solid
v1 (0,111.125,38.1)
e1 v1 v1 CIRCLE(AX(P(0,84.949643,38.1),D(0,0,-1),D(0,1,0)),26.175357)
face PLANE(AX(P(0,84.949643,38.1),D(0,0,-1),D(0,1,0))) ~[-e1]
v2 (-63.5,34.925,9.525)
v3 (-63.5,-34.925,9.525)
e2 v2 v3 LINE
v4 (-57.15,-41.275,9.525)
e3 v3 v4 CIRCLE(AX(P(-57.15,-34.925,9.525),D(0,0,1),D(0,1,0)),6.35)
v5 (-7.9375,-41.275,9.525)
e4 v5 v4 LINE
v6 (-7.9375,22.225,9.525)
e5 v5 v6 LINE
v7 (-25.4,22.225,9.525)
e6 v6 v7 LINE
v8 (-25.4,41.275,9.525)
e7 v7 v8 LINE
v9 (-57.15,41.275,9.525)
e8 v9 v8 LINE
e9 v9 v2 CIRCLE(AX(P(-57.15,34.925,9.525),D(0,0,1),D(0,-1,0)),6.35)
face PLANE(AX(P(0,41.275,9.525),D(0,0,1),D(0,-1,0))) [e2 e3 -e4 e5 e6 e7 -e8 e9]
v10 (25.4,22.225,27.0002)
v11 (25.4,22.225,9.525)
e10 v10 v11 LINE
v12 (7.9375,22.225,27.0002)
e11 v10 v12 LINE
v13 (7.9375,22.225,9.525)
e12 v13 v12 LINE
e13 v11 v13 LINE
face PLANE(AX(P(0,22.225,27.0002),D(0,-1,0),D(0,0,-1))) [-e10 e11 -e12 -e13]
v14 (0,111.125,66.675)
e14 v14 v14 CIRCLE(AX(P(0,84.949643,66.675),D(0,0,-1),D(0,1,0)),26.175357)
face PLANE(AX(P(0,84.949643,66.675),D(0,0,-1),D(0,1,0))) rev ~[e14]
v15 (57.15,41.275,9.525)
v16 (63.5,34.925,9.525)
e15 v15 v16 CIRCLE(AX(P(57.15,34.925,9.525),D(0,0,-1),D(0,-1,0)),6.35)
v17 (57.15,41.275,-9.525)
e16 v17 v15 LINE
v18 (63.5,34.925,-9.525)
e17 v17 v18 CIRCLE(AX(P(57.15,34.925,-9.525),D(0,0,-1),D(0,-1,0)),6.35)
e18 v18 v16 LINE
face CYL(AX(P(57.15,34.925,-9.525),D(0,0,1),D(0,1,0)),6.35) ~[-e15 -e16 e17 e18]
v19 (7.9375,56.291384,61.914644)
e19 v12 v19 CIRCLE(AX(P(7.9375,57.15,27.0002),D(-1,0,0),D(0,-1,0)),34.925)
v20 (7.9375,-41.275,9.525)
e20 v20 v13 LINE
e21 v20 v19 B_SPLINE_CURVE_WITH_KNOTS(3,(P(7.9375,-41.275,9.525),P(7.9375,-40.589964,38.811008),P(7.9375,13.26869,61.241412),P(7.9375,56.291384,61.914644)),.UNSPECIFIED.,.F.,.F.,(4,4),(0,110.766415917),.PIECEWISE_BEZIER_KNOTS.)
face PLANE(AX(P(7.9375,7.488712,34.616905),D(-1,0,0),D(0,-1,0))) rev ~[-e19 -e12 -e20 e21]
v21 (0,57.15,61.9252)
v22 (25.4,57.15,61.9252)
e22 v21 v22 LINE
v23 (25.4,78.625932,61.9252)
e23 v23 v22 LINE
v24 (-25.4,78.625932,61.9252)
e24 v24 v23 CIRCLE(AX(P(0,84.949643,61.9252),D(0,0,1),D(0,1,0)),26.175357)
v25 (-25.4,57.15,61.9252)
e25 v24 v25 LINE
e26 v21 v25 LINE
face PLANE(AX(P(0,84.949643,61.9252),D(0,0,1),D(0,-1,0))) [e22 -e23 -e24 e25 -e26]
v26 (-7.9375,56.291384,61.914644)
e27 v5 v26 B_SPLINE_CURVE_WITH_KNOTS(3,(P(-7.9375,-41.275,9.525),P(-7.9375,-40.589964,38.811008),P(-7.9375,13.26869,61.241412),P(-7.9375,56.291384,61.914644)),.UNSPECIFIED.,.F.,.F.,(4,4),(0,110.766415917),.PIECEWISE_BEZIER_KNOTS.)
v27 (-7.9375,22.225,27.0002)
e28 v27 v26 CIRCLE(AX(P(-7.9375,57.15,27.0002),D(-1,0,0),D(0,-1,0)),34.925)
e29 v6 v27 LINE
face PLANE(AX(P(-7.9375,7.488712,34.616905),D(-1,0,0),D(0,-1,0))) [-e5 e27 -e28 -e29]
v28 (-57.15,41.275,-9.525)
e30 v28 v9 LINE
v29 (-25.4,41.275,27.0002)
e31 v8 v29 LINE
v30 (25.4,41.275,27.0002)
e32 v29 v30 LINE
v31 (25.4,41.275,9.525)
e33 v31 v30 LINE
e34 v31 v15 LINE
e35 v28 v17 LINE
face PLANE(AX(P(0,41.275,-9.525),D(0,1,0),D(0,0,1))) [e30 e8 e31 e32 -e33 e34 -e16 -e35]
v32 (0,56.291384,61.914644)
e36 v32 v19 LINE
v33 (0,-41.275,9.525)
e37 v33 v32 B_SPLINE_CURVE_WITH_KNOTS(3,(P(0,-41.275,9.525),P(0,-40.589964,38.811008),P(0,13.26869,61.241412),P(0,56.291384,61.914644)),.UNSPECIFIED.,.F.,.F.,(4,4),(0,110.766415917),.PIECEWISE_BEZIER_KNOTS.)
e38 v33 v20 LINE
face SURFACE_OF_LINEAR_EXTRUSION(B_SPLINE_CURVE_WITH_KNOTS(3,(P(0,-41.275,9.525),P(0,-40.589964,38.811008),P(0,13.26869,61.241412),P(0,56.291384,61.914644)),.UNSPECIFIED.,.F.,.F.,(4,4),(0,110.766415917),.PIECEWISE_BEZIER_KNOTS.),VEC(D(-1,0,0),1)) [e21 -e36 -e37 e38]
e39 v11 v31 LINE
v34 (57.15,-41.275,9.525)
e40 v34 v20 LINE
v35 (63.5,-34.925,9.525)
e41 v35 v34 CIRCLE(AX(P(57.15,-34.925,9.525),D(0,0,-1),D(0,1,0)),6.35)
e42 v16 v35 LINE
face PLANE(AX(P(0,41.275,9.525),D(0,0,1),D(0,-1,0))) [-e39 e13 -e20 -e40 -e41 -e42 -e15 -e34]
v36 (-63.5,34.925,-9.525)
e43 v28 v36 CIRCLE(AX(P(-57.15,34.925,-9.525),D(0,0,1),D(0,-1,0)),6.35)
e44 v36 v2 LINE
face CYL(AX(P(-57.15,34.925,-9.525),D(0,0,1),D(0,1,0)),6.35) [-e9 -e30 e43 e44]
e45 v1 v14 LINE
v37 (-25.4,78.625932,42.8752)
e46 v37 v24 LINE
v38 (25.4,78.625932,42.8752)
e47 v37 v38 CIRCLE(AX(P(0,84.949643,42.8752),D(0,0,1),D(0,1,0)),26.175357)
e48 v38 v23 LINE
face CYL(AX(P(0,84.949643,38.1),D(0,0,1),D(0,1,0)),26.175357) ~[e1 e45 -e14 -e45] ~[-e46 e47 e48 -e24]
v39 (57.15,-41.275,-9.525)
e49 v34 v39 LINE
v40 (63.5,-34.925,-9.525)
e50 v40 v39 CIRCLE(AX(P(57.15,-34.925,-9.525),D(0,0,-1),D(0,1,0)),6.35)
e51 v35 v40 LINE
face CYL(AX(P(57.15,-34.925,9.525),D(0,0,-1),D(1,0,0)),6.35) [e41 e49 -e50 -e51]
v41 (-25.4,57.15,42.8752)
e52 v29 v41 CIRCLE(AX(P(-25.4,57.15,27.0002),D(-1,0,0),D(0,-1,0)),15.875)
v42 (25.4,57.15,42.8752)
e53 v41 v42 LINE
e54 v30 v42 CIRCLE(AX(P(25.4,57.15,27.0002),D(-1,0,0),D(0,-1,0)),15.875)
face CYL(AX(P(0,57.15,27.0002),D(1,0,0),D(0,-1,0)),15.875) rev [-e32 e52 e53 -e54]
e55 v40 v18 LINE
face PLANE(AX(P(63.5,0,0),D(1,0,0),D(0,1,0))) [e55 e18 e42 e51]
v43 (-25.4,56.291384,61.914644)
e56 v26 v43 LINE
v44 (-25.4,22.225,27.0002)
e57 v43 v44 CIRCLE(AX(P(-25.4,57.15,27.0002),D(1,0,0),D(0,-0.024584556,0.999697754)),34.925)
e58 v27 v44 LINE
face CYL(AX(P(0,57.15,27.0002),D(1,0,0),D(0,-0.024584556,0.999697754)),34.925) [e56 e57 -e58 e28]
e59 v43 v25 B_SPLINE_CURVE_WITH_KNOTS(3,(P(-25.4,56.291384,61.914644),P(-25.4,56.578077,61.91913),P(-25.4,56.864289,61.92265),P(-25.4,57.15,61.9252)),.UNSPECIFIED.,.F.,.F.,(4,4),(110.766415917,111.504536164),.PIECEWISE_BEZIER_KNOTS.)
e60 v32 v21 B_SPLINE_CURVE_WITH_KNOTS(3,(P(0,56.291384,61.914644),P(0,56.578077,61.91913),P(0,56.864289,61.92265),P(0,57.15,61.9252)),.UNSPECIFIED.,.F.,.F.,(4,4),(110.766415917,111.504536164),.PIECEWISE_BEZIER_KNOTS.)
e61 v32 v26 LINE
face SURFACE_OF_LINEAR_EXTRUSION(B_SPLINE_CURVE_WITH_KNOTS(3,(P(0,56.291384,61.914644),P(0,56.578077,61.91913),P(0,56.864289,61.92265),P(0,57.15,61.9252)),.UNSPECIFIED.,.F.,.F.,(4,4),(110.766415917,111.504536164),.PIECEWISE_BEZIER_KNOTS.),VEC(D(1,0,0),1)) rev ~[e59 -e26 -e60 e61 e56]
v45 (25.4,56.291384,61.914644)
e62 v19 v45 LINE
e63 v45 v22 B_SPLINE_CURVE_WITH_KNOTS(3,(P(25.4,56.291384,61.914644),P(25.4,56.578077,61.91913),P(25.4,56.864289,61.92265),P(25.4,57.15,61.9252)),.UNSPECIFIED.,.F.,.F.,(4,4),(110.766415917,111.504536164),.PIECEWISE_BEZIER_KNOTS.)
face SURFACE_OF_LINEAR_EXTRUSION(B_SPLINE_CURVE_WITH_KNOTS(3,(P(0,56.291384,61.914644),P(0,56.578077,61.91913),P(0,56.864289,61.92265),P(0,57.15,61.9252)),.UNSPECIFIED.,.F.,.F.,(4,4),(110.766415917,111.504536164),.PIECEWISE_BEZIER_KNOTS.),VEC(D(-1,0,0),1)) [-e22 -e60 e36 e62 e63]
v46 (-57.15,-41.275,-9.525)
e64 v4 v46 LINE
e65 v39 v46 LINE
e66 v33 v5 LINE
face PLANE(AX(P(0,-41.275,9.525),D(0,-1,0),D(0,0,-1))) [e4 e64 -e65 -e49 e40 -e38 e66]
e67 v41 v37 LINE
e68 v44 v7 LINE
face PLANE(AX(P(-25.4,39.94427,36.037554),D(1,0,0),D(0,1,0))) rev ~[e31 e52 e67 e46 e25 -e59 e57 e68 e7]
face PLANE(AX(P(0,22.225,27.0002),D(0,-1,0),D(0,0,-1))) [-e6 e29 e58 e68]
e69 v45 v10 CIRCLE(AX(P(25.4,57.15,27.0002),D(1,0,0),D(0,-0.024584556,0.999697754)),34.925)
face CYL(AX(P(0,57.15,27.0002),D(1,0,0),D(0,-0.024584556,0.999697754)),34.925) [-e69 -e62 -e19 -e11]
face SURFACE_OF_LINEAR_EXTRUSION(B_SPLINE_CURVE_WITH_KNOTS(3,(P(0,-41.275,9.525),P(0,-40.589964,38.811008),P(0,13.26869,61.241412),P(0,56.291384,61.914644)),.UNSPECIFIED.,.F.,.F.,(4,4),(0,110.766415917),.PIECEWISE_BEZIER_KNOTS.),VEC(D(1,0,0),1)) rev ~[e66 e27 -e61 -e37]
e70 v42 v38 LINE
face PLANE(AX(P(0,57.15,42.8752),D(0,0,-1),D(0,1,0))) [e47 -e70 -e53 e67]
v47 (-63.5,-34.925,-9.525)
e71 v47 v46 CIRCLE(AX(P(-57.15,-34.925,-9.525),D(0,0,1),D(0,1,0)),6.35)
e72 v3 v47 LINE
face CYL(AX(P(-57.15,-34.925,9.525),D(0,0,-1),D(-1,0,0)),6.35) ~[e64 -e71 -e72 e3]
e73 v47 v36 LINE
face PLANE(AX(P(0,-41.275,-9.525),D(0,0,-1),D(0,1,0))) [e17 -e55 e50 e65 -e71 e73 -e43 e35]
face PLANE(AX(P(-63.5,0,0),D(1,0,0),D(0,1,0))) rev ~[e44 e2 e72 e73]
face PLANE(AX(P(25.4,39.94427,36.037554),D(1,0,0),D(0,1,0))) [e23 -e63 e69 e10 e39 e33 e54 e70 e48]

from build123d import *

# Parameters (mm, degrees)
F1_DEPTH = 63.5
F0_W     = 24.6246428497
F0_H     = 19.05
F2_DEPTH = 25.4
F3_DEPTH = 7.9375
F5_R     = 6.35


with BuildPart() as f1:
    # F0 (on Right) → F1 (new body, symmetric)
    with BuildSketch(Plane.YZ):
        Polygon((-41.275, -9.525), (41.275, -9.525), (41.275, 9.525), (22.225, 9.525), (-41.275, 9.525), align=None)
    extrude(amount=F1_DEPTH, both=True)

    # F0 (on Right) → F2 (join, symmetric)
    with BuildSketch(Plane.YZ):
        with BuildLine():
            Line((22.225, 9.525), (41.275, 9.525))
            Line((41.275, 9.525), (41.275, 27.0002))
            ThreePointArc((41.275, 27.0002), (45.9246798487, 38.2255201513), (57.15, 42.8752))
            Line((57.15, 42.8752), (60.325, 42.8752))
            Line((60.325, 42.8752), (60.325, 61.9252))
            Line((60.325, 61.9252), (57.15, 61.9252))
            add(Edge.make_bspline(
                [(56.2913843938, 61.9146440632), (56.5780770871, 61.9191303195), (56.8642886028, 61.9226504349), (57.15, 61.9252)],
                knots=[110.7664159172, 110.7664159172, 110.7664159172, 110.7664159172, 111.5045361635, 111.5045361635, 111.5045361635, 111.5045361635], degree=3))
            ThreePointArc((56.2913843938, 61.9146440632), (32.1525723819, 51.3904488195), (22.225, 27.0002))
            Line((22.225, 27.0002), (22.225, 9.525))
        make_face()
        with Locations((72.6373214248, 52.4002)):
            Rectangle(F0_W, F0_H)
    extrude(amount=F2_DEPTH, both=True)

    # F0 (on Right) → F3 (join, symmetric)
    with BuildSketch(Plane.YZ):
        with BuildLine():
            add(Edge.make_bspline(
                [(-41.275, 9.525), (-40.5899635887, 38.8110076579), (13.2686895658, 61.2414115691), (56.2913843938, 61.9146440632)],
                knots=[0, 0, 0, 0, 110.7664159172, 110.7664159172, 110.7664159172, 110.7664159172], degree=3))
            Line((-41.275, 9.525), (22.225, 9.525))
            Line((22.225, 9.525), (22.225, 27.0002))
            ThreePointArc((22.225, 27.0002), (32.1525723819, 51.3904488195), (56.2913843938, 61.9146440632))
        make_face()
    extrude(amount=F3_DEPTH, both=True)

    # F0 (on Right) → F4 (revolve)
    with BuildSketch(Plane.YZ):
        Polygon((84.9496428497, 61.9252), (84.9496428497, 42.8752), (84.9496428497, 38.1), (111.125, 38.1), (111.125, 66.675), (84.9496428497, 66.675), align=None)
    revolve(axis=Axis((0, 84.9496428497, 52.3875), (0, 0, -1)))

    # F5
    f5_edges = [f1.edges().sort_by_distance(p)[0] for p in [
        (63.5, -41.275, 0),
        (63.5, 41.275, 0),
        (-63.5, 41.275, 0),
        (-63.5, -41.275, 0),
    ]]
    fillet(f5_edges, radius=F5_R)


solid = f1.part
